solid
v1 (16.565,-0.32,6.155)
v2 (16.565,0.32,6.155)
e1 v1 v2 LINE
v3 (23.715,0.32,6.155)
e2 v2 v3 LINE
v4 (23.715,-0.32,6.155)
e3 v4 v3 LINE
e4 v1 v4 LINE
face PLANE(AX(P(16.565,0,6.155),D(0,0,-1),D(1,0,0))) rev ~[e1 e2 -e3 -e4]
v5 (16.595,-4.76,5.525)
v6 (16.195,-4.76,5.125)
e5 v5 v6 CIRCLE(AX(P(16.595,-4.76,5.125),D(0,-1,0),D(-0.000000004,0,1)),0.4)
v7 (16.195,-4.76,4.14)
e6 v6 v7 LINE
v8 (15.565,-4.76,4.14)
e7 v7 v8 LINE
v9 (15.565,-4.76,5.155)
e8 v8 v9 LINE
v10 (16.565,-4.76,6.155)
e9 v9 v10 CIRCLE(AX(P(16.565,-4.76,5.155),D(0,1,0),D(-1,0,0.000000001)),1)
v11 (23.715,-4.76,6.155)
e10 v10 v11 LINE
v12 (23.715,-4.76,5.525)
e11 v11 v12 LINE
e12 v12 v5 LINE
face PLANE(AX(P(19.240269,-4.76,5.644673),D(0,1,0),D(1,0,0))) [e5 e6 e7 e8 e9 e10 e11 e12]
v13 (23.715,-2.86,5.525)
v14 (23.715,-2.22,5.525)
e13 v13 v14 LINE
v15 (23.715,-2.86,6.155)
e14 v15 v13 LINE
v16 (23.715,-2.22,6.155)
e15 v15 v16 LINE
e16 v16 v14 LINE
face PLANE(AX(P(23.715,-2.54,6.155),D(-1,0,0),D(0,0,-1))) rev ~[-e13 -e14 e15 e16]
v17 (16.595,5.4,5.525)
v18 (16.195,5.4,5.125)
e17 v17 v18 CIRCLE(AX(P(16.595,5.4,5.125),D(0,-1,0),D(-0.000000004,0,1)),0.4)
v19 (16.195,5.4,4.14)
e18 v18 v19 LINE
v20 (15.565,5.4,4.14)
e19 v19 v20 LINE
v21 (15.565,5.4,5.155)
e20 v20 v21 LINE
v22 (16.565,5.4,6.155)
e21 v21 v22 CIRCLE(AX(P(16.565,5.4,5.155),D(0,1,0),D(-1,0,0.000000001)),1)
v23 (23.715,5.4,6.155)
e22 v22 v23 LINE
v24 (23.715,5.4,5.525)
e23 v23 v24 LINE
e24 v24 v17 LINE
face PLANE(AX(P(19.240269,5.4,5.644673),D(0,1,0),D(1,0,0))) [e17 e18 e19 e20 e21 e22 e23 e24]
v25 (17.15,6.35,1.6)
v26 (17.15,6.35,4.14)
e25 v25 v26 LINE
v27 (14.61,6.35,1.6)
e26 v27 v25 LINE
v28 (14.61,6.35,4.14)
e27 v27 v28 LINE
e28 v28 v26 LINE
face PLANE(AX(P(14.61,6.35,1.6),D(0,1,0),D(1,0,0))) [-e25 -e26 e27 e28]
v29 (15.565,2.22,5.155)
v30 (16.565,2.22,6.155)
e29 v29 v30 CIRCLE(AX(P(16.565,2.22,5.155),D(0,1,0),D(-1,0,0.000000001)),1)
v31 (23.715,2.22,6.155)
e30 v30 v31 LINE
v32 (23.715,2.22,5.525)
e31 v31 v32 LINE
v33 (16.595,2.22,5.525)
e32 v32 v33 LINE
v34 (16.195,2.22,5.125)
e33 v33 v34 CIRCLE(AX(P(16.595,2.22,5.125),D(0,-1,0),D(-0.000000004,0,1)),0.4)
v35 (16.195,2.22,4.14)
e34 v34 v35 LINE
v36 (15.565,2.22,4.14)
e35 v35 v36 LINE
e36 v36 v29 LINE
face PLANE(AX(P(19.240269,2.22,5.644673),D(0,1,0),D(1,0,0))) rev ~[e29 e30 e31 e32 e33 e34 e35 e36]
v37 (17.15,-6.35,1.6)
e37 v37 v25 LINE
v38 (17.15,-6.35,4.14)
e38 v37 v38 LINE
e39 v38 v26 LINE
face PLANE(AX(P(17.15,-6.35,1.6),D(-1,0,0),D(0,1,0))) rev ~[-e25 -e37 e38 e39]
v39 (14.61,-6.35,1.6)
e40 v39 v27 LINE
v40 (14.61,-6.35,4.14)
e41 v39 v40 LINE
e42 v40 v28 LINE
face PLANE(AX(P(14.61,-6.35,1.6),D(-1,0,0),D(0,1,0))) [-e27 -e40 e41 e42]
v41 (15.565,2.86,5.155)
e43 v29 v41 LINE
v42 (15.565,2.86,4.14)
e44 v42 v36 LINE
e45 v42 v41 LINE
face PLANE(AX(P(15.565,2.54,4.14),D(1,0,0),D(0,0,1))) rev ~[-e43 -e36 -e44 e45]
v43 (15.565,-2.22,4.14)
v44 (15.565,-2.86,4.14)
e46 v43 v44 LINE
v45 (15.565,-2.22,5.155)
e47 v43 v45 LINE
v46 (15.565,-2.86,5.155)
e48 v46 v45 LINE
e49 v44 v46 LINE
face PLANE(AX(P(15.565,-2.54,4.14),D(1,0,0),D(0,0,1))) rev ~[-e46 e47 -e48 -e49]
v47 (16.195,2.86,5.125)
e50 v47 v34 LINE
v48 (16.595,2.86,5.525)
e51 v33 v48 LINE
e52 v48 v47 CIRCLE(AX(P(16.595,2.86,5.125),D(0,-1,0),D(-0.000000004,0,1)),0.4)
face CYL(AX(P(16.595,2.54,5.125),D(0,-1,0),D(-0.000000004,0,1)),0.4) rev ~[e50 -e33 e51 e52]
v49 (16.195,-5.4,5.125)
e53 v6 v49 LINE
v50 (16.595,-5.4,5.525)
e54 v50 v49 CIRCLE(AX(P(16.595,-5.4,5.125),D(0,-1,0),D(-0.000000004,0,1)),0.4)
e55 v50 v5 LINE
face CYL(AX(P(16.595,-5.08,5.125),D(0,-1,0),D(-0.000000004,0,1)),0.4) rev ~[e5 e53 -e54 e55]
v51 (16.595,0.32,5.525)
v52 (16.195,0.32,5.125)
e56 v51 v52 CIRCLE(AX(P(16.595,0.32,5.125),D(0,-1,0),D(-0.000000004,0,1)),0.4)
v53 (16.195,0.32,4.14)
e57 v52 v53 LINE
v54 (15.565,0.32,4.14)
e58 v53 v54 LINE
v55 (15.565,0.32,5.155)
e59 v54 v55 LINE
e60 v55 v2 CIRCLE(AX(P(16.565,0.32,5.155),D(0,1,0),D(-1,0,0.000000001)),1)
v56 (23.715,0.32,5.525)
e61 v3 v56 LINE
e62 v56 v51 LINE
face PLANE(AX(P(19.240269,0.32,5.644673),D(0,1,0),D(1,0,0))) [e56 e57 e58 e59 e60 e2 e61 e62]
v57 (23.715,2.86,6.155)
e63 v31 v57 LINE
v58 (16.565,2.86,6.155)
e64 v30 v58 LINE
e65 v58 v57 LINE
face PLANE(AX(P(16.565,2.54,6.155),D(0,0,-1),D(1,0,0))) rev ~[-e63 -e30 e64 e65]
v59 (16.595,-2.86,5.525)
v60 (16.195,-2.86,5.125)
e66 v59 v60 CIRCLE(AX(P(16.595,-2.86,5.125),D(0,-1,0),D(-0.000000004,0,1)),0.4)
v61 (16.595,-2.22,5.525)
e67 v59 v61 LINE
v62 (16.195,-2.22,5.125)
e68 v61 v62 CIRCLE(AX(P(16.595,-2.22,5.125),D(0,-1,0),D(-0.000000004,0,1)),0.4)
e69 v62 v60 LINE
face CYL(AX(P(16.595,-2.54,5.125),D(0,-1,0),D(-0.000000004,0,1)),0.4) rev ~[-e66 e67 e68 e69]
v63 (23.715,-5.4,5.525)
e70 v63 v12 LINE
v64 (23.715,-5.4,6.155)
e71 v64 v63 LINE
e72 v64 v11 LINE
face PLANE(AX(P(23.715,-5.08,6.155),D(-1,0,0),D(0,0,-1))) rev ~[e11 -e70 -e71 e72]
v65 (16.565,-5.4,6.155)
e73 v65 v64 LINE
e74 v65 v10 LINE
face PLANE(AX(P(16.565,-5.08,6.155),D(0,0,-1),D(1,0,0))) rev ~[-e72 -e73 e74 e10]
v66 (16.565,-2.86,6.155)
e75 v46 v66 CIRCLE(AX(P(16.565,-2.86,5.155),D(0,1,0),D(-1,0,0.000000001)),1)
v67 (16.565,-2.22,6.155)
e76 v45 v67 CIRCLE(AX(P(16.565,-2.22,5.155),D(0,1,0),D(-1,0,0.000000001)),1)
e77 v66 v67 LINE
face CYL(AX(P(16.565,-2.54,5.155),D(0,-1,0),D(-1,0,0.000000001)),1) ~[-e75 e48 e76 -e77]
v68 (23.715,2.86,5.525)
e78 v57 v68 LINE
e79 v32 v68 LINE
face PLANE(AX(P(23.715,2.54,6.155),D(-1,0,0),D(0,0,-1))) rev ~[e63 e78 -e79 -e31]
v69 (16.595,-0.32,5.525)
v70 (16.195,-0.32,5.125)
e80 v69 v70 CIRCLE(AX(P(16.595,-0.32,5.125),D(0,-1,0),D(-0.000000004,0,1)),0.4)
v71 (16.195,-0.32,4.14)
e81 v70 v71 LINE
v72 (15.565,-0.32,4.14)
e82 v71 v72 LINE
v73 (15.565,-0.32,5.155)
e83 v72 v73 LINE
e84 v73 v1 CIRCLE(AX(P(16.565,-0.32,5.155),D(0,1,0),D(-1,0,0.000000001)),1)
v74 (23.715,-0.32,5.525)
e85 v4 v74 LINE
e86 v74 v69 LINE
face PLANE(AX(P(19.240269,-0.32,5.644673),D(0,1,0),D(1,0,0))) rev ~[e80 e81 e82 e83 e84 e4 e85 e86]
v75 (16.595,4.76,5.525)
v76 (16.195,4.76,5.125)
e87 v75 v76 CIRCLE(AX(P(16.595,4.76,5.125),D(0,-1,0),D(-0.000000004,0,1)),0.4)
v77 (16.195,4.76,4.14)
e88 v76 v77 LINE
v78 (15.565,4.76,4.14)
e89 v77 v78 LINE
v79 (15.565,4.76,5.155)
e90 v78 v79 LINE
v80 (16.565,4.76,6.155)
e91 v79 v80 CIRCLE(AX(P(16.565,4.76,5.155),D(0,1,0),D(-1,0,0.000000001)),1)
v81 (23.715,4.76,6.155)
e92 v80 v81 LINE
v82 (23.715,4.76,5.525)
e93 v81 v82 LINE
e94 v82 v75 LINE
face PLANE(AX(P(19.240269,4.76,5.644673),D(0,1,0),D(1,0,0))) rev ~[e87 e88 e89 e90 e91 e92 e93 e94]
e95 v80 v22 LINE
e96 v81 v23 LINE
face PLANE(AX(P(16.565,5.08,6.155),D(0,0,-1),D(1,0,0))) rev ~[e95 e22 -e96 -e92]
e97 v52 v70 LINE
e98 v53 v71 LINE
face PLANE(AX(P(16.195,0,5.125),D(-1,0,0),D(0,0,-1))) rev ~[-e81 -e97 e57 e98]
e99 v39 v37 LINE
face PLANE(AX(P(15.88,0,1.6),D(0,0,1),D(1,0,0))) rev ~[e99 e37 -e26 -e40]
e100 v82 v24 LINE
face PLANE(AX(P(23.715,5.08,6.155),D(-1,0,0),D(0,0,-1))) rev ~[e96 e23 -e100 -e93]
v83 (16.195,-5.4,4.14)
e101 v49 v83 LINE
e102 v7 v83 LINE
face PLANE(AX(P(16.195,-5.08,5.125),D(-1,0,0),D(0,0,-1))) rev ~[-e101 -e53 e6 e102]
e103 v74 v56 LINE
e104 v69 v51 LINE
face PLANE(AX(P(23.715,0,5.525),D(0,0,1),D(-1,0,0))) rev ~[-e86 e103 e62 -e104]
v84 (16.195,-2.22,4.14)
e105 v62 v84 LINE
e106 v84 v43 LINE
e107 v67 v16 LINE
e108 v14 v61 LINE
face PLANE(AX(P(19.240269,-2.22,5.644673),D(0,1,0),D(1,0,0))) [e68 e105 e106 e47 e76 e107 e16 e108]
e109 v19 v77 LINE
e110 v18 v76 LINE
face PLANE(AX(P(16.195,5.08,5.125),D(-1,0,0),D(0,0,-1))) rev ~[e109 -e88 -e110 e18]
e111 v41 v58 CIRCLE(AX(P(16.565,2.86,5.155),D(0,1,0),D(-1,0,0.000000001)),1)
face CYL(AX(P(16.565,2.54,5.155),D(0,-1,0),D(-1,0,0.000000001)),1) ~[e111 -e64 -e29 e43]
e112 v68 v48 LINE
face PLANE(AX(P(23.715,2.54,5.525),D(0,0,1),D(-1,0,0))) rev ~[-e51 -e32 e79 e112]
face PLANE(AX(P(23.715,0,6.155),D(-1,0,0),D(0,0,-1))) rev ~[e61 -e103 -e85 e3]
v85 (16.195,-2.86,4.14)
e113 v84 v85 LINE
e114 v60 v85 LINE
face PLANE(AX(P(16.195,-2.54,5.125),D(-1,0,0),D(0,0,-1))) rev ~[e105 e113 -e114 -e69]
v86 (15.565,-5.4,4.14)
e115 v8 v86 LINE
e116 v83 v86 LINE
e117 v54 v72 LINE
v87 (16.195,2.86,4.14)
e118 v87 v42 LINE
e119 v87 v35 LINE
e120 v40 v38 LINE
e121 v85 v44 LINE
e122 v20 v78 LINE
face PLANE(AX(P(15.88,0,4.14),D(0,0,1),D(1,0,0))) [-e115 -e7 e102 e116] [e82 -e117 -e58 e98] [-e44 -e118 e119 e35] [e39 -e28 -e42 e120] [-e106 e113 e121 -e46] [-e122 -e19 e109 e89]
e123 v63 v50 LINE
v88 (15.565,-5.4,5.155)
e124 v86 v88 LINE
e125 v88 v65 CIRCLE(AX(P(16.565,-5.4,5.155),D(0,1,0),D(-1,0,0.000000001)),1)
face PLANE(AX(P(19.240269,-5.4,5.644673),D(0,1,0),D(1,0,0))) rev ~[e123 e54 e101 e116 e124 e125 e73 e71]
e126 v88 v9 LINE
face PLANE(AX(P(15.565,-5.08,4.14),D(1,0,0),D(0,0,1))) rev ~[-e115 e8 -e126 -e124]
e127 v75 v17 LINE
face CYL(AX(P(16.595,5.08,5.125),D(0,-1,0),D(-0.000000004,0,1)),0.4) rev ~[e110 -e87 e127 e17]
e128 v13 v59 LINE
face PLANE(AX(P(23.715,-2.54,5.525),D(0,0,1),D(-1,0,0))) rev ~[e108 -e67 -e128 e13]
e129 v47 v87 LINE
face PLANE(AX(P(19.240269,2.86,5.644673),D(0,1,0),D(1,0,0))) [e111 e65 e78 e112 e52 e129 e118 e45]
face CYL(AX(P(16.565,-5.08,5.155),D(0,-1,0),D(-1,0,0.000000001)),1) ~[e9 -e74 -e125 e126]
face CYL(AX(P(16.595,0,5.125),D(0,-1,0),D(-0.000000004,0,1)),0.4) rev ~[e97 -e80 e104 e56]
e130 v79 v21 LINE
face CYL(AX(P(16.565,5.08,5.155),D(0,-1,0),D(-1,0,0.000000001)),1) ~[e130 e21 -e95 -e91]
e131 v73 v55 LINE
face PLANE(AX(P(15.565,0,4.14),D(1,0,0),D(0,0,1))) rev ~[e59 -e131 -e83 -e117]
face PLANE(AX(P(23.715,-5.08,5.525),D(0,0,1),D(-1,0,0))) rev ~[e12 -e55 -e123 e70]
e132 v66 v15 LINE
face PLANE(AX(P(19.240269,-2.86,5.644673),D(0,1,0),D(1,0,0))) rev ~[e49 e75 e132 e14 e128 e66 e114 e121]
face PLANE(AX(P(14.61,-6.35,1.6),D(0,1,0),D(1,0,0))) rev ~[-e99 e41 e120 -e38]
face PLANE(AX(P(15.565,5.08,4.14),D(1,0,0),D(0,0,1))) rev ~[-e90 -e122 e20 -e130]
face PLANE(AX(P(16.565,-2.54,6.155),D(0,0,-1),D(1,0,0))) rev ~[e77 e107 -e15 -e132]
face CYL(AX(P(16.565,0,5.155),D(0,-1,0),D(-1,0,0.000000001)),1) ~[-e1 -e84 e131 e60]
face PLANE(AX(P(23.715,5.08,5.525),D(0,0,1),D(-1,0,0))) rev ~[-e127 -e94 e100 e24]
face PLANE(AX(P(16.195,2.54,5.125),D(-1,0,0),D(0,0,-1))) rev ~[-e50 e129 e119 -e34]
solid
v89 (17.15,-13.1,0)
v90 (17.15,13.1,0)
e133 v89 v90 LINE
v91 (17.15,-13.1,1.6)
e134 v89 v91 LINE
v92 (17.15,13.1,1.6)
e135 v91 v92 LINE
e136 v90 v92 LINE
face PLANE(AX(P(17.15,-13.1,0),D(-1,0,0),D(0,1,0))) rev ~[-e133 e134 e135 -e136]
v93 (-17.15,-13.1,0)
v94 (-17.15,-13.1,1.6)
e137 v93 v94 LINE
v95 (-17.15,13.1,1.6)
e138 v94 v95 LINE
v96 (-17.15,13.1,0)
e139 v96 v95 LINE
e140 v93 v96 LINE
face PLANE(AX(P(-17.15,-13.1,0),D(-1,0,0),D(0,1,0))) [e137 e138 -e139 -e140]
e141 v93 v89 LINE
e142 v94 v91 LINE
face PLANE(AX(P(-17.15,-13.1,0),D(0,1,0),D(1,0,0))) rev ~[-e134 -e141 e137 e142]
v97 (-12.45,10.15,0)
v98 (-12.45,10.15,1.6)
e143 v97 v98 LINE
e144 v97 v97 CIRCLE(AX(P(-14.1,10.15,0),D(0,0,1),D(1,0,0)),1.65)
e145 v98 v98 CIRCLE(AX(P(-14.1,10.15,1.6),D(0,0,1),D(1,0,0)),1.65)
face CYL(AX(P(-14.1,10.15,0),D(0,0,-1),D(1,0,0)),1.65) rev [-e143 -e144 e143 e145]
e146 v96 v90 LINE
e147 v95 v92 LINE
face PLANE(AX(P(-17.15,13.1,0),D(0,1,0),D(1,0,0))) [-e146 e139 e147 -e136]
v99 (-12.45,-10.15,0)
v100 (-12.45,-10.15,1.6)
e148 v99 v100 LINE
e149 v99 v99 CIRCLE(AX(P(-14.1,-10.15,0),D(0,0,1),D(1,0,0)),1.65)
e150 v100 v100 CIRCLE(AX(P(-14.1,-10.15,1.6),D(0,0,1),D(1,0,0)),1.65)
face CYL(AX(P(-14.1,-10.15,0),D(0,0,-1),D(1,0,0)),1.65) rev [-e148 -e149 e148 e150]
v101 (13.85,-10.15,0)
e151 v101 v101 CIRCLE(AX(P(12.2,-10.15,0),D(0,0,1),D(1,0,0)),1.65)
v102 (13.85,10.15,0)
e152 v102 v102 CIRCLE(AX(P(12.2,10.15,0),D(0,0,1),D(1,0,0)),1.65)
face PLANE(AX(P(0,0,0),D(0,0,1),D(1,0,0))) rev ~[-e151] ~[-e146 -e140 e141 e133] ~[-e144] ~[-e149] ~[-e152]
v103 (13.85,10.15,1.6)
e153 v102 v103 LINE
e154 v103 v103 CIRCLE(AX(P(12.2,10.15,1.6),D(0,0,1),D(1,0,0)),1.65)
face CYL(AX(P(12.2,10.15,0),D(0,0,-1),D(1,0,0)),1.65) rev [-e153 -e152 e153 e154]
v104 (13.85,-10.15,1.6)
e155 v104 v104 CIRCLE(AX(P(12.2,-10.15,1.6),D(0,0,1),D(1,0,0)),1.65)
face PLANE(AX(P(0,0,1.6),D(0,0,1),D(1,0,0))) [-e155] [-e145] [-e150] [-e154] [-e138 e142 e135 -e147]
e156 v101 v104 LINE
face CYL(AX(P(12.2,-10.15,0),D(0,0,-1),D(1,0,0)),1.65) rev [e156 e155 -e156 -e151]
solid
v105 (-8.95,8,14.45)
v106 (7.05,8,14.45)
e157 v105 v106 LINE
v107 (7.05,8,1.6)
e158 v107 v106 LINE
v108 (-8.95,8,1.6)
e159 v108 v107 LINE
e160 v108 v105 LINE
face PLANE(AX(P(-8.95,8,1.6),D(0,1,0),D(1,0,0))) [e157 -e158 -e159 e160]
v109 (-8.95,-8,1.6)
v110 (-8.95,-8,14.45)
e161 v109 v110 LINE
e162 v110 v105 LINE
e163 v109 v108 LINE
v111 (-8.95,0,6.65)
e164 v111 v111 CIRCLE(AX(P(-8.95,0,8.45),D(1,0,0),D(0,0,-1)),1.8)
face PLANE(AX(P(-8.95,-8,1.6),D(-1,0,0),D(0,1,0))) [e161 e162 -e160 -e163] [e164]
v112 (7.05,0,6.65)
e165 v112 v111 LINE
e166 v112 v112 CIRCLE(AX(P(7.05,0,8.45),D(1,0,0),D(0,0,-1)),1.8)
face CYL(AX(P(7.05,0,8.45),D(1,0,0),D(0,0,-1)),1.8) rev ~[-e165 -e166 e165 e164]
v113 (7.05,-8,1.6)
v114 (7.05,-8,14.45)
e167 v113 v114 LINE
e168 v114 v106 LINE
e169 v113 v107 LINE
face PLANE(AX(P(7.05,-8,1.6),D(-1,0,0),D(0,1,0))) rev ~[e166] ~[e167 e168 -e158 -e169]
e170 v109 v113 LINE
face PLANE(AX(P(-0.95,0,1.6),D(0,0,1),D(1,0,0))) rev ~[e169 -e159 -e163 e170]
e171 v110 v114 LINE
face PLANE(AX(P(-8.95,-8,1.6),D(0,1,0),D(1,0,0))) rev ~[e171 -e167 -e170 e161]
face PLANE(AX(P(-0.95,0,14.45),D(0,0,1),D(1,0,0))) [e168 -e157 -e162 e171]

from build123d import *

# Parameters (mm, degrees)
SKETCH1_W             = 34.3
SKETCH1_H             = 26.2
SKETCH1_R             = 1.65
PCB_DEPTH             = 1.6
SKETCH2_W             = 16
SKETCH2_H             = 16
POTENTIOMETERS_DEPTH  = 12.85
SKETCH4_R             = 1.8
ROTATION_AXIS_DEPTH   = 32.081385104
SKETCH5_W             = 2.54
SKETCH5_H             = 12.7
HEADER_BASE_DEPTH     = 2.54
RIGHT_ANGLE_PIN_DEPTH = 0.32
LPATTERN1_COUNT       = 5
LPATTERN1_PITCH       = 2.54


with BuildPart() as part:
    # Sketch1 → PCB (new body)
    with BuildSketch(Plane.XY):
        Rectangle(SKETCH1_W, SKETCH1_H)
        with Locations((-14.1, 10.15)):
            Circle(SKETCH1_R, mode=Mode.SUBTRACT)
        with Locations((12.2, 10.15)):
            Circle(SKETCH1_R, mode=Mode.SUBTRACT)
        with Locations((12.2, -10.15)):
            Circle(SKETCH1_R, mode=Mode.SUBTRACT)
        with Locations((-14.1, -10.15)):
            Circle(SKETCH1_R, mode=Mode.SUBTRACT)
    extrude(amount=PCB_DEPTH)


with BuildPart() as body_2:
    # Sketch2 → Potentiometers (new body)
    with BuildSketch(Plane.XY.offset(1.6)):
        with Locations((-0.95, 0)):
            Rectangle(SKETCH2_W, SKETCH2_H)
    extrude(amount=POTENTIOMETERS_DEPTH)

    # Sketch4 → Rotation Axis (cut, through all)
    with BuildSketch(Plane(origin=(7.05, 0, 0), x_dir=(0, 0, -1), z_dir=(1, 0, 0))):
        with Locations((-8.45, 0)):
            Circle(SKETCH4_R)
    extrude(amount=-ROTATION_AXIS_DEPTH, mode=Mode.SUBTRACT)


with BuildPart() as body_3:
    # Sketch5 → Header Base (new body)
    with BuildSketch(Plane.XY.offset(1.6)):
        with Locations((15.88, 0)):
            Rectangle(SKETCH5_W, SKETCH5_H)
    extrude(amount=HEADER_BASE_DEPTH)

    # Sketch6 → Right Angle Pin (add, symmetric)
    with BuildSketch(Plane(origin=(0, -5.08, 0), x_dir=(-1, 0, 0), z_dir=(0, -1, 0))):
        with BuildLine():
            Line((-15.565, -4.14), (-15.565, -5.155))
            ThreePointArc((-15.565, -5.155), (-15.857893219, -5.862106781), (-16.565, -6.155))
            Line((-16.565, -6.155), (-23.715, -6.155))
            Line((-23.715, -6.155), (-23.715, -5.525))
            Line((-23.715, -5.525), (-16.595, -5.525))
            ThreePointArc((-16.595, -5.525), (-16.312157288, -5.407842712), (-16.195, -5.125))
            Line((-16.195, -5.125), (-16.195, -4.14))
            Line((-16.195, -4.14), (-15.565, -4.14))
        make_face()
    right_angle_pin = extrude(amount=RIGHT_ANGLE_PIN_DEPTH, both=True)

    # LPattern1: Right Angle Pin ×5
    with Locations(*[(0, i * LPATTERN1_PITCH, 0) for i in range(1, LPATTERN1_COUNT)]):
        add(right_angle_pin)


solid = Compound([part.part, body_2.part, body_3.part])
